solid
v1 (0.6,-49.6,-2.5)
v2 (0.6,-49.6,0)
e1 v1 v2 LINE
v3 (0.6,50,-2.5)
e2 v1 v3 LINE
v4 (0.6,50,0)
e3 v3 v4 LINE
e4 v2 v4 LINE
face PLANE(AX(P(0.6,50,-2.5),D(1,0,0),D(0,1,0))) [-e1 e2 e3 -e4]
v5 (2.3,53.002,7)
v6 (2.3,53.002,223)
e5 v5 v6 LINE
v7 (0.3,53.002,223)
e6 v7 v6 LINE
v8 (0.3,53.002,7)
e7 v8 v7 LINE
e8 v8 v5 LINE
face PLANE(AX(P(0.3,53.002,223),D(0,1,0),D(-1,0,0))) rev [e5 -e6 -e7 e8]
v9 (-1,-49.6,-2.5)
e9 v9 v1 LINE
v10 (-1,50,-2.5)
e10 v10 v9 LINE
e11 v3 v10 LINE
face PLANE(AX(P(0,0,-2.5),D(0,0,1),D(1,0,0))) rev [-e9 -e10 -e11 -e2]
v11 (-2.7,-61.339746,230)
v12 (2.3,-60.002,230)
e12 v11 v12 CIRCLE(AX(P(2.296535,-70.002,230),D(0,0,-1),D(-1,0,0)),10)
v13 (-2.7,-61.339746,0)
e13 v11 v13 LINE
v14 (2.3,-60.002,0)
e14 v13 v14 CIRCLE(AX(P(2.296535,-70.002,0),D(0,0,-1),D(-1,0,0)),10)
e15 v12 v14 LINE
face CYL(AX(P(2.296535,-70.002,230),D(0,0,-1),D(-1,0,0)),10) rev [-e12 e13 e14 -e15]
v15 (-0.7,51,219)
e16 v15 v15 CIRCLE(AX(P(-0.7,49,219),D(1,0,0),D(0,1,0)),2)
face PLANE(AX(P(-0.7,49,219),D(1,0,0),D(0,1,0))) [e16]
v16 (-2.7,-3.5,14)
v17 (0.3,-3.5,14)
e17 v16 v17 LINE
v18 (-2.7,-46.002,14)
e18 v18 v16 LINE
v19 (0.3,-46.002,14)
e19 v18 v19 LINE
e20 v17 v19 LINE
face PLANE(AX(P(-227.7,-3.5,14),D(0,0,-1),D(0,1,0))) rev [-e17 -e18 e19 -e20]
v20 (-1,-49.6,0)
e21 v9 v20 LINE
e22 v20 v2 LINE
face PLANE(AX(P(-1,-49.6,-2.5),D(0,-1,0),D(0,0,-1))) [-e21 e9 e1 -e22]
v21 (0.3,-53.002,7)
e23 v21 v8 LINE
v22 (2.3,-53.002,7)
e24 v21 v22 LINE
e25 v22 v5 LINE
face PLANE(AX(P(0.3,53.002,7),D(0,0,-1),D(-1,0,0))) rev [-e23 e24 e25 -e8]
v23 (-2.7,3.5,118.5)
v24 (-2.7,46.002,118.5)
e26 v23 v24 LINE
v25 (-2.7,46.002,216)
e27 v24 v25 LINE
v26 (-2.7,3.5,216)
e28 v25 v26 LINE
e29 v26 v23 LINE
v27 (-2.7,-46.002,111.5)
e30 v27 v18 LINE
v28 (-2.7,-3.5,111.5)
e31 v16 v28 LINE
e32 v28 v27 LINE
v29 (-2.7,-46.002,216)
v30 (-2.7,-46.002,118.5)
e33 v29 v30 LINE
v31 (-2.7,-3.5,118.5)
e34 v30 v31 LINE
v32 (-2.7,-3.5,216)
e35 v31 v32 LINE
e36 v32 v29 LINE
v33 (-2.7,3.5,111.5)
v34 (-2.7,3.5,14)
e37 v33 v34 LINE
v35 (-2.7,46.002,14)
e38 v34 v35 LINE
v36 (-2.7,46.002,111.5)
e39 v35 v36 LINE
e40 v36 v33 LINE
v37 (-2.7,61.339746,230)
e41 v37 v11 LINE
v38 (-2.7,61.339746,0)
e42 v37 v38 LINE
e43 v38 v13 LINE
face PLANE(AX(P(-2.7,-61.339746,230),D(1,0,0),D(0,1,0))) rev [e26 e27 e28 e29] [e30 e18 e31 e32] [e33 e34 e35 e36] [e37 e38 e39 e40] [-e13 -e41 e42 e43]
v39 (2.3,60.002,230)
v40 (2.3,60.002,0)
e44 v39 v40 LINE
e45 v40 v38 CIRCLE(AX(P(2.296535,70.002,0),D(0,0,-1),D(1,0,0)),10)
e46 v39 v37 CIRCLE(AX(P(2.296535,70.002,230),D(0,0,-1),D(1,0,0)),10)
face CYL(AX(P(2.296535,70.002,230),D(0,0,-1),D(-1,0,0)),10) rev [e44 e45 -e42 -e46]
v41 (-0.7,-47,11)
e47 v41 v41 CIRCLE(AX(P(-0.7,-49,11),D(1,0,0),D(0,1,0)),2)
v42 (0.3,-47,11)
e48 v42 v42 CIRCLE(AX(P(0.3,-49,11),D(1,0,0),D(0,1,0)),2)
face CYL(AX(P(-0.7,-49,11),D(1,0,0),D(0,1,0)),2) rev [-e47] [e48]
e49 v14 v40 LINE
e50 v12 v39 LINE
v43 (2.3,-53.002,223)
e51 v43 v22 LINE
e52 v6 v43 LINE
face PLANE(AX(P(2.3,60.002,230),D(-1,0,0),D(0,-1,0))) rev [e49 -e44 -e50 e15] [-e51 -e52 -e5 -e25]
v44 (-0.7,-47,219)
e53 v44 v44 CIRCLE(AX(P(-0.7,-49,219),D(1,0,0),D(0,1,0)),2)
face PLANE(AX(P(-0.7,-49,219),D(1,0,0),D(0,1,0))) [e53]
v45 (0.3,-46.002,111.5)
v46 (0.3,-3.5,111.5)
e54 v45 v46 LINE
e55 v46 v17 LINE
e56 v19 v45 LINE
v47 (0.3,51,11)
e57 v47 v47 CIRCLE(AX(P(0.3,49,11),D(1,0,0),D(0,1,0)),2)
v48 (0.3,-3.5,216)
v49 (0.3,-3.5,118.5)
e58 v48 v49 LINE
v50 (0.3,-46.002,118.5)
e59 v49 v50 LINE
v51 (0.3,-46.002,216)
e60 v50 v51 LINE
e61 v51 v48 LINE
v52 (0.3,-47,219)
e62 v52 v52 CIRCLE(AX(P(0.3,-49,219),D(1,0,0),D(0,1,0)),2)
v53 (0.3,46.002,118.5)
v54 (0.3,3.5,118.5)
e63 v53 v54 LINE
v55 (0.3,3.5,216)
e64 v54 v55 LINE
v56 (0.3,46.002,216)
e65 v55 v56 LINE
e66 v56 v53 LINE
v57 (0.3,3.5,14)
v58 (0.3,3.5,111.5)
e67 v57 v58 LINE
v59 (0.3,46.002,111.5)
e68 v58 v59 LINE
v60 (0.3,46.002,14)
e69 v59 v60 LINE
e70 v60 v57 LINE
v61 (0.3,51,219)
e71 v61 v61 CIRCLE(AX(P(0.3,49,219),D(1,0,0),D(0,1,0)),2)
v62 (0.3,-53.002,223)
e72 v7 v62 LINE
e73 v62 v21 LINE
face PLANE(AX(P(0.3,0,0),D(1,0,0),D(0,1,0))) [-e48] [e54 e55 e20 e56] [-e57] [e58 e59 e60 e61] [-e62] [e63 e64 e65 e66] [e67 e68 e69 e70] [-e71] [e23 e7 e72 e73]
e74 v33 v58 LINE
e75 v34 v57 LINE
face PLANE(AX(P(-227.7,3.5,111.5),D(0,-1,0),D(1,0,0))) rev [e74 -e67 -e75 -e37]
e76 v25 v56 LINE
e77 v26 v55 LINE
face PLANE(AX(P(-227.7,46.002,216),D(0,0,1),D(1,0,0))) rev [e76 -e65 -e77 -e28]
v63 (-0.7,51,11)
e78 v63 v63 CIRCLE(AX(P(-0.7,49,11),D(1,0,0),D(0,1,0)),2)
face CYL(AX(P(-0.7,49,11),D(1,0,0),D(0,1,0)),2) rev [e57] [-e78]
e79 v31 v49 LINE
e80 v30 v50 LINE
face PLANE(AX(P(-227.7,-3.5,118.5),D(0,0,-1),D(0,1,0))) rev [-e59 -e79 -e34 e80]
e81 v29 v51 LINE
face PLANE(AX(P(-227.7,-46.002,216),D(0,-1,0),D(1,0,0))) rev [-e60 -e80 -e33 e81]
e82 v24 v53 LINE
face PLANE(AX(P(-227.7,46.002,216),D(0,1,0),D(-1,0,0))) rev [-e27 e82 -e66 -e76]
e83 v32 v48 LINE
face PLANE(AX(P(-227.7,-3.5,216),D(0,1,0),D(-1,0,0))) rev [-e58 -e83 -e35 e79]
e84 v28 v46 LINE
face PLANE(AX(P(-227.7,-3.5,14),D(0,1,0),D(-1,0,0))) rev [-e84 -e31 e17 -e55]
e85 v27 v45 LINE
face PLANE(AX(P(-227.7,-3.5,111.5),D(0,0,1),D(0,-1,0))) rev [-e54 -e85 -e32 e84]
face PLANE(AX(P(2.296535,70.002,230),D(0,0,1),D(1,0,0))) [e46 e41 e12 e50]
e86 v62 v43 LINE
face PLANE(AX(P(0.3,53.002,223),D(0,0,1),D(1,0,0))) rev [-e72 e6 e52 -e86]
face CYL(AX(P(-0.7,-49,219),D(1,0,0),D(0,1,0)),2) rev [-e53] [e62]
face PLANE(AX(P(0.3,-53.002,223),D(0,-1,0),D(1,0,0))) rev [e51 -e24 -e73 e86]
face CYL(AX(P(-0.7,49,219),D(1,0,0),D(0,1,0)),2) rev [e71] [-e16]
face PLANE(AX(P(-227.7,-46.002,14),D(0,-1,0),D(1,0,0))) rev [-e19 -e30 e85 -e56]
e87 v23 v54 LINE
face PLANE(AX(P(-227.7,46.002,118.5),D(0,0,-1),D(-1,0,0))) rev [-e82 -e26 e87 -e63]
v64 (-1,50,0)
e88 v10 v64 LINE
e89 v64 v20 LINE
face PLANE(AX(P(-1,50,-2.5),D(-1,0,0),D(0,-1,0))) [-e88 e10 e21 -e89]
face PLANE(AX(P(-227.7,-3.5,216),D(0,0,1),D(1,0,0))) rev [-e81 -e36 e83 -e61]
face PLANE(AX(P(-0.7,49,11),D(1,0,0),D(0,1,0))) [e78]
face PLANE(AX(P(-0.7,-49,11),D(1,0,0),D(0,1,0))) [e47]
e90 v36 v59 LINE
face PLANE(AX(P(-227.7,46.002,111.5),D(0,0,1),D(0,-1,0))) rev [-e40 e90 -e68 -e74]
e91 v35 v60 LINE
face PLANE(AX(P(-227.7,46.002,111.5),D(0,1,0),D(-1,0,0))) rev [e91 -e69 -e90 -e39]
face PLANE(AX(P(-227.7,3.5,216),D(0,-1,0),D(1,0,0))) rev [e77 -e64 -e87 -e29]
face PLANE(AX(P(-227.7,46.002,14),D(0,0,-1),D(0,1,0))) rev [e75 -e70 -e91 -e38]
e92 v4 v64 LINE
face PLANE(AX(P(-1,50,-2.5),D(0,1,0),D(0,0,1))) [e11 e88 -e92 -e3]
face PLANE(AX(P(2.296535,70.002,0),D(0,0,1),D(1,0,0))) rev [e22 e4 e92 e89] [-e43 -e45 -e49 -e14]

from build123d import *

# Parameters (mm, degrees)
ESBO_O1_W                = 1.6
ESBO_O1_H                = 99.6
RESSALTO_EXTRUS_O1_DEPTH = 230
ESBO_O2_W                = 1.6
ESBO_O2_H                = 99.6
RESSALTO_EXTRUS_O2_DEPTH = 232.5
ESBO_O5_W                = 97.5
ESBO_O5_H                = 42.5020002
CORTE_EXTRUS_O1_DEPTH    = 230
ESBO_O3_W                = 216
ESBO_O3_H                = 106.0040004
CORTE_EXTRUS_O2_DEPTH    = 2
ESBO_O8_R                = 2
CORTE_EXTRUS_O3_DEPTH    = 1


with BuildPart() as part:
    # Esboço1 → Ressalto-extrusão1 (new body)
    with BuildSketch(Plane.XY):
        with BuildLine():
            Line((-2.7, -61.339745962), (-2.7, 61.339745962))
            ThreePointArc((-2.7, 61.339745962), (-0.288049674, 60.341775891), (2.3, 60.0020002))
            Line((2.3, 60.0020002), (2.3, -60.0020002))
            ThreePointArc((2.3, -60.0020002), (-0.288049674, -60.341775891), (-2.7, -61.339745962))
        make_face()
        with Locations((-0.2, 0.2)):
            Rectangle(ESBO_O1_W, ESBO_O1_H, mode=Mode.SUBTRACT)
    extrude(amount=RESSALTO_EXTRUS_O1_DEPTH)

    # Esboço2 → Ressalto-extrusão2 (add)
    with BuildSketch(Plane.XY.offset(230)):
        with Locations((-0.2, 0.2)):
            Rectangle(ESBO_O2_W, ESBO_O2_H)
    extrude(amount=-RESSALTO_EXTRUS_O2_DEPTH)

    # Esboço5 → Corte-extrusão1 (cut)
    with BuildSketch(Plane(origin=(2.3, 0, 0), x_dir=(0, 0, -1), z_dir=(1, 0, 0))):
        with Locations((-167.25, 24.7510001)):
            Rectangle(ESBO_O5_W, ESBO_O5_H)
        with Locations((-62.75, 24.7510001)):
            Rectangle(ESBO_O5_W, ESBO_O5_H)
        with Locations((-167.25, -24.7510001)):
            Rectangle(ESBO_O5_W, ESBO_O5_H)
        with Locations((-62.75, -24.7510001)):
            Rectangle(ESBO_O5_W, ESBO_O5_H)
    extrude(amount=-CORTE_EXTRUS_O1_DEPTH, mode=Mode.SUBTRACT)

    # Esboço3 → Corte-extrusão2 (cut)
    with BuildSketch(Plane(origin=(2.3, 0, 0), x_dir=(0, 0, -1), z_dir=(1, 0, 0))):
        with Locations((-115, 0)):
            Rectangle(ESBO_O3_W, ESBO_O3_H)
    extrude(amount=-CORTE_EXTRUS_O2_DEPTH, mode=Mode.SUBTRACT)

    # Esboço8 → Corte-extrusão3 (cut)
    with BuildSketch(Plane(origin=(0.3, 0, 0), x_dir=(0, 0, -1), z_dir=(1, 0, 0))):
        with Locations(Location((-219, 49, 0), (0, 0, 90))):
            Circle(ESBO_O8_R)
        with Locations(Location((-11, 49, 0), (0, 0, 90))):
            Circle(ESBO_O8_R)
        with Locations(Location((-11, -49, 0), (0, 0, 90))):
            Circle(ESBO_O8_R)
        with Locations(Location((-219, -49, 0), (0, 0, 90))):
            Circle(ESBO_O8_R)
    extrude(amount=-CORTE_EXTRUS_O3_DEPTH, mode=Mode.SUBTRACT)


solid = part.part
